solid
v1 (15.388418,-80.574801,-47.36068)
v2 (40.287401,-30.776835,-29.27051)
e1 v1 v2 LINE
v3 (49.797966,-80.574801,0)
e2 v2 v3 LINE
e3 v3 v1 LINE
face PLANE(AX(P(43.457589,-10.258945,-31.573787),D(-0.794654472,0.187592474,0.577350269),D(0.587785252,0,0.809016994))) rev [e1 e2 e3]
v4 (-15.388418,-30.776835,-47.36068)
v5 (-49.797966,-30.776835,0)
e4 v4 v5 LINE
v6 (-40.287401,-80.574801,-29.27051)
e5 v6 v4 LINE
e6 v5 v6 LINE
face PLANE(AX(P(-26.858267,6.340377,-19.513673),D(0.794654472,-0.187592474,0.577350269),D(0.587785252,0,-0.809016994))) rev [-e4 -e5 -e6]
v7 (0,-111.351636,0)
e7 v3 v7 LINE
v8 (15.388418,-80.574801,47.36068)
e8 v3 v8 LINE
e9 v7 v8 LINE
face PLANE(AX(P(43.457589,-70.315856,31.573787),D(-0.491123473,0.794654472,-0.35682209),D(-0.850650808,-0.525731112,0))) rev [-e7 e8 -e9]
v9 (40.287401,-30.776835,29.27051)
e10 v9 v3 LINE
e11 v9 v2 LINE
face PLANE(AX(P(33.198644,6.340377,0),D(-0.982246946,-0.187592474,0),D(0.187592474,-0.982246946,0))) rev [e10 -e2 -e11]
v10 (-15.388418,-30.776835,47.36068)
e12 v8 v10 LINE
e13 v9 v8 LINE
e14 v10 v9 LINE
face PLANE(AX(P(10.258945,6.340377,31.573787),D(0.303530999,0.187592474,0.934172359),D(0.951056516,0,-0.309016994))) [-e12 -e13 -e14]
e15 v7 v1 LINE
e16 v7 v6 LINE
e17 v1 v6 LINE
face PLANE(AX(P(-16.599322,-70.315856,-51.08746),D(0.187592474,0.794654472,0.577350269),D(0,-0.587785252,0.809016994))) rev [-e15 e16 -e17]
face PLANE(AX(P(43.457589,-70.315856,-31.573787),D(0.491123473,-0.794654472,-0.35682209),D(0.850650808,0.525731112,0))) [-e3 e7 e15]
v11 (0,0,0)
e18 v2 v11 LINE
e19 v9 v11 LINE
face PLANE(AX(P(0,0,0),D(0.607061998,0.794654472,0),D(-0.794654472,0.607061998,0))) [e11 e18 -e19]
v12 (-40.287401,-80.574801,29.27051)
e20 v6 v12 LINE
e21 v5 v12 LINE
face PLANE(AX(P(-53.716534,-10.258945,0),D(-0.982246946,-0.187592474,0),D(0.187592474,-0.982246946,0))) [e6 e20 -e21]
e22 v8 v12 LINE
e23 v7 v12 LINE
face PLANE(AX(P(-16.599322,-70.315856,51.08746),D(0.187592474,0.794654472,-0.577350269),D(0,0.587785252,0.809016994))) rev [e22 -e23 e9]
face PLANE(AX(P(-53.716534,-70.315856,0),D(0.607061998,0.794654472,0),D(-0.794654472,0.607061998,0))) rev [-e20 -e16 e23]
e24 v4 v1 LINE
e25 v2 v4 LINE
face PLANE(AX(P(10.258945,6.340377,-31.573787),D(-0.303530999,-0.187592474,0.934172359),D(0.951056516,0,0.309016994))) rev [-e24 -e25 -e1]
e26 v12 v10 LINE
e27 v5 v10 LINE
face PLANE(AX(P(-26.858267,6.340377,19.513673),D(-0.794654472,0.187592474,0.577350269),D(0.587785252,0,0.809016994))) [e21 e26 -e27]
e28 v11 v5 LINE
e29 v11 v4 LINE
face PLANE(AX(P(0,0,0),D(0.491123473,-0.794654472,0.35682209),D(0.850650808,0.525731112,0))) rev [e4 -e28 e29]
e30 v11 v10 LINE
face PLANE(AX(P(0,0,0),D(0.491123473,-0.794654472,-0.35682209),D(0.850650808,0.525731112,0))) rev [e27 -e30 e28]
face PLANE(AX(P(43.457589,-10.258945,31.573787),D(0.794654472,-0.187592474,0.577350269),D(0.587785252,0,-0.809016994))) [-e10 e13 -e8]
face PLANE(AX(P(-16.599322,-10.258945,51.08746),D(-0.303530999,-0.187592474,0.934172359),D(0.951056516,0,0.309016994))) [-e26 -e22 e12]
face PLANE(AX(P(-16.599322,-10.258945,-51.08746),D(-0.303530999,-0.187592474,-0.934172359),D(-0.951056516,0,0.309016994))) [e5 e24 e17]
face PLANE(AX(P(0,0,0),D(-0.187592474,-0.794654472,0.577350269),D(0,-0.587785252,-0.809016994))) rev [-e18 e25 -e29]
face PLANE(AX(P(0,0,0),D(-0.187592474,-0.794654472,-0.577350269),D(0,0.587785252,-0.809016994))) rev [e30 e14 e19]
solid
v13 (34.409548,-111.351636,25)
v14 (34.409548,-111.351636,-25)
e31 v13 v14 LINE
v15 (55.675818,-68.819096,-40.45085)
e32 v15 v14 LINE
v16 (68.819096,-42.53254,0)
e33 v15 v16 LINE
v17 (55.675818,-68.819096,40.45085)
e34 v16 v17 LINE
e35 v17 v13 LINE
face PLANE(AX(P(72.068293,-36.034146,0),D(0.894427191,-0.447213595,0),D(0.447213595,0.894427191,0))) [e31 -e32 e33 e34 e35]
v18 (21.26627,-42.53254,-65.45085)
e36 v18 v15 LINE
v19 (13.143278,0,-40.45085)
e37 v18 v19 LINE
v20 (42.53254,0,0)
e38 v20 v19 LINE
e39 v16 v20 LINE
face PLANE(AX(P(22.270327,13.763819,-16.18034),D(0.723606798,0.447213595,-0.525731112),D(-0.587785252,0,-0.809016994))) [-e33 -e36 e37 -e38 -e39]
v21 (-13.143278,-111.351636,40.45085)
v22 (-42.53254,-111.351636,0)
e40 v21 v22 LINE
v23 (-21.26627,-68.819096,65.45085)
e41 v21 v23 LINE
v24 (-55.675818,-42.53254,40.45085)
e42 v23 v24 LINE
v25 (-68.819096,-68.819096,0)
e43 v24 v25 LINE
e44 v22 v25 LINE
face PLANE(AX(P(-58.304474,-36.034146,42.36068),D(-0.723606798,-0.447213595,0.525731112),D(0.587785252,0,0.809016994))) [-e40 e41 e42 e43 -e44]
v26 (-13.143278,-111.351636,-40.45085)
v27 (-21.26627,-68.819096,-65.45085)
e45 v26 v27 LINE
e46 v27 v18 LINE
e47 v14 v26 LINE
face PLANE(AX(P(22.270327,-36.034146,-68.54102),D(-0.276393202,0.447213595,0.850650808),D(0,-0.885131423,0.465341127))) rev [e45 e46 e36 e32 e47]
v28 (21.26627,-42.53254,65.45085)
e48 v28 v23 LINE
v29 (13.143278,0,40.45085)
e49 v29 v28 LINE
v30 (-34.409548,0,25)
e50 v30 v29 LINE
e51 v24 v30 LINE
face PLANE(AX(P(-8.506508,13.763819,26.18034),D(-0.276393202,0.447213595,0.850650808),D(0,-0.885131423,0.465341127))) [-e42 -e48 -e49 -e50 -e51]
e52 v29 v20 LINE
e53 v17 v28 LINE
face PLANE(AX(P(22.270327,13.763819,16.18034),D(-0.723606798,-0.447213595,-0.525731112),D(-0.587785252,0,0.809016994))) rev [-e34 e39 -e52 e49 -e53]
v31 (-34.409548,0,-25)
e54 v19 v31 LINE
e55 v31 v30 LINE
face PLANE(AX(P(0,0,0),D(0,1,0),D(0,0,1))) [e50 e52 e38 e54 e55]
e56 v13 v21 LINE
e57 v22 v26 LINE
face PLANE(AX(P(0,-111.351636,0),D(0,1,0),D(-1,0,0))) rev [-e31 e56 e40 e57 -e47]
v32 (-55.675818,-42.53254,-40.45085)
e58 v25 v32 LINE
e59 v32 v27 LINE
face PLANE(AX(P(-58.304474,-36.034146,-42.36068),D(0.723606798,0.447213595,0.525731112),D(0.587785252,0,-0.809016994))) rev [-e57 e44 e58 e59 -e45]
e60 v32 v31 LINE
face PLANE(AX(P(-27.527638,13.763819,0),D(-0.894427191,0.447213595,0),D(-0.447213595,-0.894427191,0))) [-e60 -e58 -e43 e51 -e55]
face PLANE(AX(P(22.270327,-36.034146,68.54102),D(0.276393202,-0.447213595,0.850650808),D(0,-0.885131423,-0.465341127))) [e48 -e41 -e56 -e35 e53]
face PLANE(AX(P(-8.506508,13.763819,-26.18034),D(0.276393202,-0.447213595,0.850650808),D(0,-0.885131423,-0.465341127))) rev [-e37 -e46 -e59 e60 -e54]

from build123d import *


with BuildPart() as body_1:
    # Skizze1 → Oberfläche-Ebene1: a flat surface bounded by the sketch
    with BuildSketch(Plane(origin=(0, 0, 0), x_dir=(1, 0, 0), z_dir=(0, 1, 0)), mode=Mode.PRIVATE) as oberfl_che_ebene1_1_region:
        Polygon((42.532540418, 0), (13.143277803, 40.450849719), (-34.409548012, 25), (-34.409548012, -25), (13.143277803, -40.450849719), align=None)
    oberfl_che_ebene1_1 = oberfl_che_ebene1_1_region.sketch.faces()[0]
    # Skizze2 → Oberfläche-Ebene2: a flat surface bounded by the sketch
    with BuildSketch(Plane(origin=(22.270327288, 13.763819205, -16.180339887), x_dir=(0.447213595, 0.276393202, 0.850650808), z_dir=(-0.723606798, -0.447213595, 0.525731112)), mode=Mode.PRIVATE) as oberfl_che_ebene2_2_region:
        Polygon((19.021130326, -22.360679775), (-28.531695489, -6.909830056), (-57.920958103, -47.360679775), (-28.531695489, -87.811529494), (19.021130326, -72.360679775), align=None)
    oberfl_che_ebene2_2 = oberfl_che_ebene2_2_region.sketch.faces()[0]
    # Skizze3 → Oberfläche-Ebene3: a flat surface bounded by the sketch
    with BuildSketch(Plane(origin=(22.270327288, 13.763819205, 16.180339887), x_dir=(-0.447213595, -0.276393202, 0.850650808), z_dir=(-0.723606798, -0.447213595, -0.525731112)), mode=Mode.PRIVATE) as oberfl_che_ebene3_3_region:
        Polygon((-19.021130326, -22.360679775), (-19.021130326, -72.360679775), (28.531695489, -87.811529494), (57.920958103, -47.360679775), (28.531695489, -6.909830056), align=None)
    oberfl_che_ebene3_3 = oberfl_che_ebene3_3_region.sketch.faces()[0]
    # Skizze4 → Oberfläche-Ebene4: a flat surface bounded by the sketch
    with BuildSketch(Plane(origin=(-8.506508084, 13.763819205, 26.180339887), x_dir=(-0.961044639, -0.128617124, -0.244644308), z_dir=(0.276393202, -0.447213595, -0.850650808)), mode=Mode.PRIVATE) as oberfl_che_ebene4_4_region:
        Polygon((13.27697134, -91.370916552), (-30.979599792, -68.103860192), (-22.527346819, -18.823444004), (26.953003932, -11.63352818), (49.081289498, -56.470332012), align=None)
    oberfl_che_ebene4_4 = oberfl_che_ebene4_4_region.sketch.faces()[0]
    # Skizze5 → Oberfläche-Ebene5: a flat surface bounded by the sketch
    with BuildSketch(Plane(origin=(-27.527638409, 13.763819205, 0), x_dir=(0, 0, -1), z_dir=(0.894427191, -0.447213595, 0)), mode=Mode.PRIVATE) as oberfl_che_ebene5_5_region:
        Polygon((40.450849719, -62.941243501), (0, -92.330506115), (-40.450849719, -62.941243501), (-25, -15.388417686), (25, -15.388417686), align=None)
    oberfl_che_ebene5_5 = oberfl_che_ebene5_5_region.sketch.faces()[0]
    # Skizze6 → Oberfläche-Ebene6: a flat surface bounded by the sketch
    with BuildSketch(Plane(origin=(-8.506508084, 13.763819205, -26.180339887), x_dir=(0.961044639, 0.128617124, -0.244644308), z_dir=(0.276393202, -0.447213595, 0.850650808)), mode=Mode.PRIVATE) as oberfl_che_ebene6_6_region:
        Polygon((-26.953003932, -11.63352818), (-49.081289498, -56.470332012), (-13.27697134, -91.370916552), (30.979599792, -68.103860192), (22.527346819, -18.823444004), align=None)
    oberfl_che_ebene6_6 = oberfl_che_ebene6_6_region.sketch.faces()[0]
    # Skizze7 → Oberfläche-Ebene7: a flat surface bounded by the sketch
    with BuildSketch(Plane(origin=(22.270327288, -36.034146493, 68.541019662), x_dir=(-0.961044639, -0.128617124, 0.244644308), z_dir=(-0.276393202, 0.447213595, -0.850650808)), mode=Mode.PRIVATE) as oberfl_che_ebene7_7_region:
        Polygon((45.301327056, -30.456972184), (36.849074082, -79.737388372), (-12.631276669, -86.927304196), (-34.759562235, -42.090500364), (1.044755924, -7.189915824), align=None)
    oberfl_che_ebene7_7 = oberfl_che_ebene7_7_region.sketch.faces()[0]
    # Skizze8 → Oberfläche-Ebene8: a flat surface bounded by the sketch
    with BuildSketch(Plane(origin=(-58.304473781, -36.034146493, 42.360679775), x_dir=(-0.447213595, -0.276393202, -0.850650808), z_dir=(0.723606798, 0.447213595, -0.525731112)), mode=Mode.PRIVATE) as oberfl_che_ebene8_8_region:
        Polygon((49.797965698, -72.360679775), (2.245139883, -87.811529494), (-27.144122732, -47.360679775), (2.245139883, -6.909830056), (49.797965698, -22.360679775), align=None)
    oberfl_che_ebene8_8 = oberfl_che_ebene8_8_region.sketch.faces()[0]
    # Skizze9 → Oberfläche-Ebene9: a flat surface bounded by the sketch
    with BuildSketch(Plane(origin=(-58.304473781, -36.034146493, -42.360679775), x_dir=(0.447213595, 0.276393202, -0.850650808), z_dir=(0.723606798, 0.447213595, 0.525731112)), mode=Mode.PRIVATE) as oberfl_che_ebene9_9_region:
        Polygon((27.144122732, -47.360679775), (-2.245139883, -87.811529494), (-49.797965698, -72.360679775), (-49.797965698, -22.360679775), (-2.245139883, -6.909830056), align=None)
    oberfl_che_ebene9_9 = oberfl_che_ebene9_9_region.sketch.faces()[0]
    # Skizze10 → Oberfläche-Ebene10: a flat surface bounded by the sketch
    with BuildSketch(Plane(origin=(22.270327288, -36.034146493, -68.541019662), x_dir=(-0.961044639, -0.128617124, -0.244644308), z_dir=(0.276393202, -0.447213595, -0.850650808)), mode=Mode.PRIVATE) as oberfl_che_ebene10_10_region:
        Polygon((-12.631276669, -86.927304196), (-34.759562235, -42.090500364), (1.044755924, -7.189915824), (45.301327056, -30.456972184), (36.849074082, -79.737388372), align=None)
    oberfl_che_ebene10_10 = oberfl_che_ebene10_10_region.sketch.faces()[0]
    # Skizze11 → Oberfläche-Ebene11: a flat surface bounded by the sketch
    with BuildSketch(Plane(origin=(72.068292986, -36.034146493, 0), x_dir=(0, 0, -1), z_dir=(0.894427191, -0.447213595, 0)), mode=Mode.PRIVATE) as oberfl_che_ebene11_11_region:
        Polygon((-40.450849719, -36.654687895), (-25, -84.207513709), (25, -84.207513709), (40.450849719, -36.654687895), (0, -7.26542528), align=None)
    oberfl_che_ebene11_11 = oberfl_che_ebene11_11_region.sketch.faces()[0]
    # Skizze12 → Oberfläche-Ebene12: a flat surface bounded by the sketch
    with BuildSketch(Plane(origin=(0, -111.351636441, 0), x_dir=(1, 0, 0), z_dir=(0, 1, 0)), mode=Mode.PRIVATE) as oberfl_che_ebene12_12_region:
        Polygon((-13.143277803, -40.450849719), (34.409548012, -25), (34.409548012, 25), (-13.143277803, 40.450849719), (-42.532540418, 0), align=None)
    oberfl_che_ebene12_12 = oberfl_che_ebene12_12_region.sketch.faces()[0]
    # Oberfläche-Zusammenfügen1: the surfaces knitted into a closed skin and filled: a solid
    add(Solid(Shell(Face.sew_faces(oberfl_che_ebene1_1.faces() + oberfl_che_ebene2_2.faces() + oberfl_che_ebene3_3.faces() + oberfl_che_ebene4_4.faces() + oberfl_che_ebene5_5.faces() + oberfl_che_ebene6_6.faces() + oberfl_che_ebene7_7.faces() + oberfl_che_ebene8_8.faces() + oberfl_che_ebene9_9.faces() + oberfl_che_ebene10_10.faces() + oberfl_che_ebene11_11.faces() + oberfl_che_ebene12_12.faces())[0])))


with BuildPart() as body_2:
    # Skizze-y1 → Oberfläche-Ebene-y1: a flat surface bounded by the sketch
    with BuildSketch(Plane(origin=(0, 0, 0), x_dir=(0.982246946, -0.1517655, -0.11026409), z_dir=(0.187592474, 0.794654472, 0.577350269)), mode=Mode.PRIVATE) as oberfl_che_ebene_y1_13_region:
        Polygon((41.015551826, -41.770509831), (-15.66654673, -56.405764747), (0, 0), align=None)
    oberfl_che_ebene_y1_13 = oberfl_che_ebene_y1_13_region.sketch.faces()[0]
    # Skizze-y2 → Oberfläche-Ebene-y2: a flat surface bounded by the sketch
    with BuildSketch(Plane(origin=(0, 0, 0), x_dir=(0.871089969, 0.448028881, 0.201177502), z_dir=(-0.491123473, 0.794654472, 0.35682209)), mode=Mode.PRIVATE) as oberfl_che_ebene_y2_14_region:
        Polygon((-17.665704156, -55.811951048), (0, 0), (-57.167419521, -12.607026949), align=None)
    oberfl_che_ebene_y2_14 = oberfl_che_ebene_y2_14_region.sketch.faces()[0]
    # Skizze-y3 → Oberfläche-Ebene-y3: a flat surface bounded by the sketch
    with BuildSketch(Plane(origin=(0, 0, 0), x_dir=(0.871089969, 0.448028881, -0.201177502), z_dir=(-0.491123473, 0.794654472, -0.35682209)), mode=Mode.PRIVATE) as oberfl_che_ebene_y3_15_region:
        Polygon((-57.167419521, 12.607026949), (0, 0), (-17.665704156, 55.811951048), align=None)
    oberfl_che_ebene_y3_15 = oberfl_che_ebene_y3_15_region.sketch.faces()[0]
    # Skizze-y4 → Oberfläche-Ebene-y4: a flat surface bounded by the sketch
    with BuildSketch(Plane(origin=(0, 0, 0), x_dir=(0.982246946, -0.1517655, 0.11026409), z_dir=(0.187592474, 0.794654472, -0.577350269)), mode=Mode.PRIVATE) as oberfl_che_ebene_y4_16_region:
        Polygon((41.015551826, 41.770509831), (0, 0), (-15.66654673, 56.405764747), align=None)
    oberfl_che_ebene_y4_16 = oberfl_che_ebene_y4_16_region.sketch.faces()[0]
    # Skizze-y5 → Oberfläche-Ebene-y5: a flat surface bounded by the sketch
    with BuildSketch(Plane(origin=(0, 0, 0), x_dir=(0.794654472, -0.607061998, 0), z_dir=(0.607061998, 0.794654472, 0)), mode=Mode.PRIVATE) as oberfl_che_ebene_y5_17_region:
        Polygon((0, 0), (50.698010191, -29.270509831), (50.698010191, 29.270509831), align=None)
    oberfl_che_ebene_y5_17 = oberfl_che_ebene_y5_17_region.sketch.faces()[0]
    # Skizze-y6 → Oberfläche-Ebene-y6: a flat surface bounded by the sketch
    with BuildSketch(Plane(origin=(10.258945124, 6.340376775, 31.573786517), x_dir=(-0.952821564, 0.05975949, 0.297590105), z_dir=(-0.303530999, -0.187592474, -0.934172359)), mode=Mode.PRIVATE) as oberfl_che_ebene_y6_18_region:
        Polygon((-5.383455577, -88.322160488), (-31.515297879, -35.937259982), (26.917277885, -39.498870954), align=None)
    oberfl_che_ebene_y6_18 = oberfl_che_ebene_y6_18_region.sketch.faces()[0]
    # Skizze-y7 → Oberfläche-Ebene-y7: a flat surface bounded by the sketch
    with BuildSketch(Plane(origin=(-16.599321899, -10.258945124, 51.087459737), x_dir=(-0.952821564, 0.05975949, -0.297590105), z_dir=(0.303530999, 0.187592474, -0.934172359)), mode=Mode.PRIVATE) as oberfl_che_ebene_y7_19_region:
        Polygon((-33.571594932, -69.673323329), (-1.27086147, -20.850033795), (24.860980832, -73.234934301), align=None)
    oberfl_che_ebene_y7_19 = oberfl_che_ebene_y7_19_region.sketch.faces()[0]
    # Skizze-y8 → Oberfläche-Ebene-y8: a flat surface bounded by the sketch
    with BuildSketch(Plane(origin=(-26.858267023, 6.340376775, 19.513673221), x_dir=(0.561905566, -0.132647911, 0.816496581), z_dir=(-0.794654472, 0.187592474, 0.577350269)), mode=Mode.PRIVATE) as oberfl_che_ebene_y8_20_region:
        Polygon((11.9496356, -87.675491651), (34.105478461, -33.489057831), (-23.899271199, -41.394751981), align=None)
    oberfl_che_ebene_y8_20 = oberfl_che_ebene_y8_20_region.sketch.faces()[0]
    # Skizze-y9 → Oberfläche-Ebene-y9: a flat surface bounded by the sketch
    with BuildSketch(Plane(origin=(-53.716534046, -10.258945124, 0), x_dir=(0, 0, 1), z_dir=(-0.982246946, -0.187592474, 0)), mode=Mode.PRIVATE) as oberfl_che_ebene_y9_21_region:
        Polygon((-29.270509831, -71.586739165), (29.270509831, -71.586739165), (0, -20.888728973), align=None)
    oberfl_che_ebene_y9_21 = oberfl_che_ebene_y9_21_region.sketch.faces()[0]
    # Skizze-y10 → Oberfläche-Ebene-y10: a flat surface bounded by the sketch
    with BuildSketch(Plane(origin=(-26.858267023, 6.340376775, -19.513673221), x_dir=(0.561905566, -0.132647911, -0.816496581), z_dir=(0.794654472, -0.187592474, 0.577350269)), mode=Mode.PRIVATE) as oberfl_che_ebene_y10_22_region:
        Polygon((-23.899271199, -41.394751981), (11.9496356, -87.675491651), (34.105478461, -33.489057831), align=None)
    oberfl_che_ebene_y10_22 = oberfl_che_ebene_y10_22_region.sketch.faces()[0]
    # Skizze-y11 → Oberfläche-Ebene-y11: a flat surface bounded by the sketch
    with BuildSketch(Plane(origin=(-16.599321899, -10.258945124, -51.087459737), x_dir=(-0.952821564, 0.05975949, 0.297590105), z_dir=(-0.303530999, -0.187592474, -0.934172359)), mode=Mode.PRIVATE) as oberfl_che_ebene_y11_23_region:
        Polygon((-33.571594932, -69.673323329), (24.860980832, -73.234934301), (-1.27086147, -20.850033795), align=None)
    oberfl_che_ebene_y11_23 = oberfl_che_ebene_y11_23_region.sketch.faces()[0]
    # Skizze-y12 → Oberfläche-Ebene-y12: a flat surface bounded by the sketch
    with BuildSketch(Plane(origin=(10.258945124, 6.340376775, -31.573786517), x_dir=(0.952821564, -0.05975949, 0.297590105), z_dir=(-0.303530999, -0.187592474, 0.934172359)), mode=Mode.PRIVATE) as oberfl_che_ebene_y12_24_region:
        Polygon((-26.917277885, -39.498870954), (5.383455577, -88.322160488), (31.515297879, -35.937259982), align=None)
    oberfl_che_ebene_y12_24 = oberfl_che_ebene_y12_24_region.sketch.faces()[0]
    # Skizze-y13 → Oberfläche-Ebene-y13: a flat surface bounded by the sketch
    with BuildSketch(Plane(origin=(43.457588922, -10.258945124, -31.573786517), x_dir=(-0.561905566, 0.132647911, -0.816496581), z_dir=(0.794654472, -0.187592474, -0.577350269)), mode=Mode.PRIVATE) as oberfl_che_ebene_y13_25_region:
        Polygon((19.334916553, -74.883809811), (-38.669833107, -66.978115661), (-2.820926308, -20.69737599), align=None)
    oberfl_che_ebene_y13_25 = oberfl_che_ebene_y13_25_region.sketch.faces()[0]
    # Skizze-y14 → Oberfläche-Ebene-y14: a flat surface bounded by the sketch
    with BuildSketch(Plane(origin=(33.198643798, 6.340376775, 0), x_dir=(0, 0, 1), z_dir=(-0.982246946, -0.187592474, 0)), mode=Mode.PRIVATE) as oberfl_che_ebene_y14_26_region:
        Polygon((0, -88.486075895), (-29.270509831, -37.788065704), (29.270509831, -37.788065704), align=None)
    oberfl_che_ebene_y14_26 = oberfl_che_ebene_y14_26_region.sketch.faces()[0]
    # Skizze-y15 → Oberfläche-Ebene-y15: a flat surface bounded by the sketch
    with BuildSketch(Plane(origin=(43.457588922, -10.258945124, 31.573786517), x_dir=(-0.561905566, 0.132647911, 0.816496581), z_dir=(-0.794654472, 0.187592474, -0.577350269)), mode=Mode.PRIVATE) as oberfl_che_ebene_y15_27_region:
        Polygon((-38.669833107, -66.978115661), (-2.820926308, -20.69737599), (19.334916553, -74.883809811), align=None)
    oberfl_che_ebene_y15_27 = oberfl_che_ebene_y15_27_region.sketch.faces()[0]
    # Skizze-y16 → Oberfläche-Ebene-y16: a flat surface bounded by the sketch
    with BuildSketch(Plane(origin=(-16.599321899, -70.315855945, 51.087459737), x_dir=(0.982246946, -0.1517655, 0.11026409), z_dir=(0.187592474, 0.794654472, -0.577350269)), mode=Mode.PRIVATE) as oberfl_che_ebene_y16_28_region:
        Polygon((32.56588346, 9.045084972), (16.89933673, 65.450849719), (-24.116215095, 23.680339887), align=None)
    oberfl_che_ebene_y16_28 = oberfl_che_ebene_y16_28_region.sketch.faces()[0]
    # Skizze-y17 → Oberfläche-Ebene-y17: a flat surface bounded by the sketch
    with BuildSketch(Plane(origin=(-53.716534046, -70.315855945, 0), x_dir=(0.794654472, -0.607061998, 0), z_dir=(0.607061998, 0.794654472, 0)), mode=Mode.PRIVATE) as oberfl_che_ebene_y17_29_region:
        Polygon((16.89933673, -29.270509831), (67.597346922, 0), (16.89933673, 29.270509831), align=None)
    oberfl_che_ebene_y17_29 = oberfl_che_ebene_y17_29_region.sketch.faces()[0]
    # Skizze-y18 → Oberfläche-Ebene-y18: a flat surface bounded by the sketch
    with BuildSketch(Plane(origin=(-16.599321899, -70.315855945, -51.087459737), x_dir=(-0.982246946, 0.1517655, 0.11026409), z_dir=(-0.187592474, -0.794654472, -0.577350269)), mode=Mode.PRIVATE) as oberfl_che_ebene_y18_30_region:
        Polygon((24.116215095, -23.680339887), (-16.89933673, -65.450849719), (-32.56588346, -9.045084972), align=None)
    oberfl_che_ebene_y18_30 = oberfl_che_ebene_y18_30_region.sketch.faces()[0]
    # Skizze-y19 → Oberfläche-Ebene-y19: a flat surface bounded by the sketch
    with BuildSketch(Plane(origin=(43.457588922, -70.315855945, -31.573786517), x_dir=(-0.871089969, -0.448028881, -0.201177502), z_dir=(0.491123473, -0.794654472, -0.35682209)), mode=Mode.PRIVATE) as oberfl_che_ebene_y19_31_region:
        Polygon((49.888749118, -45.612651998), (32.223044962, 10.19929905), (-7.278670403, -33.005625049), align=None)
    oberfl_che_ebene_y19_31 = oberfl_che_ebene_y19_31_region.sketch.faces()[0]
    # Skizze-y20 → Oberfläche-Ebene-y20: a flat surface bounded by the sketch
    with BuildSketch(Plane(origin=(43.457588922, -70.315855945, 31.573786517), x_dir=(0.871089969, 0.448028881, -0.201177502), z_dir=(-0.491123473, 0.794654472, -0.35682209)), mode=Mode.PRIVATE) as oberfl_che_ebene_y20_32_region:
        Polygon((-32.223044962, -10.19929905), (7.278670403, 33.005625049), (-49.888749118, 45.612651998), align=None)
    oberfl_che_ebene_y20_32 = oberfl_che_ebene_y20_32_region.sketch.faces()[0]
    # Oberfläche-Zusammenfügen2: the surfaces knitted into a closed skin and filled: a solid
    add(Solid(Shell(Face.sew_faces(oberfl_che_ebene_y1_13.faces() + oberfl_che_ebene_y2_14.faces() + oberfl_che_ebene_y3_15.faces() + oberfl_che_ebene_y4_16.faces() + oberfl_che_ebene_y5_17.faces() + oberfl_che_ebene_y6_18.faces() + oberfl_che_ebene_y7_19.faces() + oberfl_che_ebene_y8_20.faces() + oberfl_che_ebene_y9_21.faces() + oberfl_che_ebene_y10_22.faces() + oberfl_che_ebene_y11_23.faces() + oberfl_che_ebene_y12_24.faces() + oberfl_che_ebene_y13_25.faces() + oberfl_che_ebene_y14_26.faces() + oberfl_che_ebene_y15_27.faces() + oberfl_che_ebene_y16_28.faces() + oberfl_che_ebene_y17_29.faces() + oberfl_che_ebene_y18_30.faces() + oberfl_che_ebene_y19_31.faces() + oberfl_che_ebene_y20_32.faces())[0])))


solid = Compound([body_1.part, body_2.part])
